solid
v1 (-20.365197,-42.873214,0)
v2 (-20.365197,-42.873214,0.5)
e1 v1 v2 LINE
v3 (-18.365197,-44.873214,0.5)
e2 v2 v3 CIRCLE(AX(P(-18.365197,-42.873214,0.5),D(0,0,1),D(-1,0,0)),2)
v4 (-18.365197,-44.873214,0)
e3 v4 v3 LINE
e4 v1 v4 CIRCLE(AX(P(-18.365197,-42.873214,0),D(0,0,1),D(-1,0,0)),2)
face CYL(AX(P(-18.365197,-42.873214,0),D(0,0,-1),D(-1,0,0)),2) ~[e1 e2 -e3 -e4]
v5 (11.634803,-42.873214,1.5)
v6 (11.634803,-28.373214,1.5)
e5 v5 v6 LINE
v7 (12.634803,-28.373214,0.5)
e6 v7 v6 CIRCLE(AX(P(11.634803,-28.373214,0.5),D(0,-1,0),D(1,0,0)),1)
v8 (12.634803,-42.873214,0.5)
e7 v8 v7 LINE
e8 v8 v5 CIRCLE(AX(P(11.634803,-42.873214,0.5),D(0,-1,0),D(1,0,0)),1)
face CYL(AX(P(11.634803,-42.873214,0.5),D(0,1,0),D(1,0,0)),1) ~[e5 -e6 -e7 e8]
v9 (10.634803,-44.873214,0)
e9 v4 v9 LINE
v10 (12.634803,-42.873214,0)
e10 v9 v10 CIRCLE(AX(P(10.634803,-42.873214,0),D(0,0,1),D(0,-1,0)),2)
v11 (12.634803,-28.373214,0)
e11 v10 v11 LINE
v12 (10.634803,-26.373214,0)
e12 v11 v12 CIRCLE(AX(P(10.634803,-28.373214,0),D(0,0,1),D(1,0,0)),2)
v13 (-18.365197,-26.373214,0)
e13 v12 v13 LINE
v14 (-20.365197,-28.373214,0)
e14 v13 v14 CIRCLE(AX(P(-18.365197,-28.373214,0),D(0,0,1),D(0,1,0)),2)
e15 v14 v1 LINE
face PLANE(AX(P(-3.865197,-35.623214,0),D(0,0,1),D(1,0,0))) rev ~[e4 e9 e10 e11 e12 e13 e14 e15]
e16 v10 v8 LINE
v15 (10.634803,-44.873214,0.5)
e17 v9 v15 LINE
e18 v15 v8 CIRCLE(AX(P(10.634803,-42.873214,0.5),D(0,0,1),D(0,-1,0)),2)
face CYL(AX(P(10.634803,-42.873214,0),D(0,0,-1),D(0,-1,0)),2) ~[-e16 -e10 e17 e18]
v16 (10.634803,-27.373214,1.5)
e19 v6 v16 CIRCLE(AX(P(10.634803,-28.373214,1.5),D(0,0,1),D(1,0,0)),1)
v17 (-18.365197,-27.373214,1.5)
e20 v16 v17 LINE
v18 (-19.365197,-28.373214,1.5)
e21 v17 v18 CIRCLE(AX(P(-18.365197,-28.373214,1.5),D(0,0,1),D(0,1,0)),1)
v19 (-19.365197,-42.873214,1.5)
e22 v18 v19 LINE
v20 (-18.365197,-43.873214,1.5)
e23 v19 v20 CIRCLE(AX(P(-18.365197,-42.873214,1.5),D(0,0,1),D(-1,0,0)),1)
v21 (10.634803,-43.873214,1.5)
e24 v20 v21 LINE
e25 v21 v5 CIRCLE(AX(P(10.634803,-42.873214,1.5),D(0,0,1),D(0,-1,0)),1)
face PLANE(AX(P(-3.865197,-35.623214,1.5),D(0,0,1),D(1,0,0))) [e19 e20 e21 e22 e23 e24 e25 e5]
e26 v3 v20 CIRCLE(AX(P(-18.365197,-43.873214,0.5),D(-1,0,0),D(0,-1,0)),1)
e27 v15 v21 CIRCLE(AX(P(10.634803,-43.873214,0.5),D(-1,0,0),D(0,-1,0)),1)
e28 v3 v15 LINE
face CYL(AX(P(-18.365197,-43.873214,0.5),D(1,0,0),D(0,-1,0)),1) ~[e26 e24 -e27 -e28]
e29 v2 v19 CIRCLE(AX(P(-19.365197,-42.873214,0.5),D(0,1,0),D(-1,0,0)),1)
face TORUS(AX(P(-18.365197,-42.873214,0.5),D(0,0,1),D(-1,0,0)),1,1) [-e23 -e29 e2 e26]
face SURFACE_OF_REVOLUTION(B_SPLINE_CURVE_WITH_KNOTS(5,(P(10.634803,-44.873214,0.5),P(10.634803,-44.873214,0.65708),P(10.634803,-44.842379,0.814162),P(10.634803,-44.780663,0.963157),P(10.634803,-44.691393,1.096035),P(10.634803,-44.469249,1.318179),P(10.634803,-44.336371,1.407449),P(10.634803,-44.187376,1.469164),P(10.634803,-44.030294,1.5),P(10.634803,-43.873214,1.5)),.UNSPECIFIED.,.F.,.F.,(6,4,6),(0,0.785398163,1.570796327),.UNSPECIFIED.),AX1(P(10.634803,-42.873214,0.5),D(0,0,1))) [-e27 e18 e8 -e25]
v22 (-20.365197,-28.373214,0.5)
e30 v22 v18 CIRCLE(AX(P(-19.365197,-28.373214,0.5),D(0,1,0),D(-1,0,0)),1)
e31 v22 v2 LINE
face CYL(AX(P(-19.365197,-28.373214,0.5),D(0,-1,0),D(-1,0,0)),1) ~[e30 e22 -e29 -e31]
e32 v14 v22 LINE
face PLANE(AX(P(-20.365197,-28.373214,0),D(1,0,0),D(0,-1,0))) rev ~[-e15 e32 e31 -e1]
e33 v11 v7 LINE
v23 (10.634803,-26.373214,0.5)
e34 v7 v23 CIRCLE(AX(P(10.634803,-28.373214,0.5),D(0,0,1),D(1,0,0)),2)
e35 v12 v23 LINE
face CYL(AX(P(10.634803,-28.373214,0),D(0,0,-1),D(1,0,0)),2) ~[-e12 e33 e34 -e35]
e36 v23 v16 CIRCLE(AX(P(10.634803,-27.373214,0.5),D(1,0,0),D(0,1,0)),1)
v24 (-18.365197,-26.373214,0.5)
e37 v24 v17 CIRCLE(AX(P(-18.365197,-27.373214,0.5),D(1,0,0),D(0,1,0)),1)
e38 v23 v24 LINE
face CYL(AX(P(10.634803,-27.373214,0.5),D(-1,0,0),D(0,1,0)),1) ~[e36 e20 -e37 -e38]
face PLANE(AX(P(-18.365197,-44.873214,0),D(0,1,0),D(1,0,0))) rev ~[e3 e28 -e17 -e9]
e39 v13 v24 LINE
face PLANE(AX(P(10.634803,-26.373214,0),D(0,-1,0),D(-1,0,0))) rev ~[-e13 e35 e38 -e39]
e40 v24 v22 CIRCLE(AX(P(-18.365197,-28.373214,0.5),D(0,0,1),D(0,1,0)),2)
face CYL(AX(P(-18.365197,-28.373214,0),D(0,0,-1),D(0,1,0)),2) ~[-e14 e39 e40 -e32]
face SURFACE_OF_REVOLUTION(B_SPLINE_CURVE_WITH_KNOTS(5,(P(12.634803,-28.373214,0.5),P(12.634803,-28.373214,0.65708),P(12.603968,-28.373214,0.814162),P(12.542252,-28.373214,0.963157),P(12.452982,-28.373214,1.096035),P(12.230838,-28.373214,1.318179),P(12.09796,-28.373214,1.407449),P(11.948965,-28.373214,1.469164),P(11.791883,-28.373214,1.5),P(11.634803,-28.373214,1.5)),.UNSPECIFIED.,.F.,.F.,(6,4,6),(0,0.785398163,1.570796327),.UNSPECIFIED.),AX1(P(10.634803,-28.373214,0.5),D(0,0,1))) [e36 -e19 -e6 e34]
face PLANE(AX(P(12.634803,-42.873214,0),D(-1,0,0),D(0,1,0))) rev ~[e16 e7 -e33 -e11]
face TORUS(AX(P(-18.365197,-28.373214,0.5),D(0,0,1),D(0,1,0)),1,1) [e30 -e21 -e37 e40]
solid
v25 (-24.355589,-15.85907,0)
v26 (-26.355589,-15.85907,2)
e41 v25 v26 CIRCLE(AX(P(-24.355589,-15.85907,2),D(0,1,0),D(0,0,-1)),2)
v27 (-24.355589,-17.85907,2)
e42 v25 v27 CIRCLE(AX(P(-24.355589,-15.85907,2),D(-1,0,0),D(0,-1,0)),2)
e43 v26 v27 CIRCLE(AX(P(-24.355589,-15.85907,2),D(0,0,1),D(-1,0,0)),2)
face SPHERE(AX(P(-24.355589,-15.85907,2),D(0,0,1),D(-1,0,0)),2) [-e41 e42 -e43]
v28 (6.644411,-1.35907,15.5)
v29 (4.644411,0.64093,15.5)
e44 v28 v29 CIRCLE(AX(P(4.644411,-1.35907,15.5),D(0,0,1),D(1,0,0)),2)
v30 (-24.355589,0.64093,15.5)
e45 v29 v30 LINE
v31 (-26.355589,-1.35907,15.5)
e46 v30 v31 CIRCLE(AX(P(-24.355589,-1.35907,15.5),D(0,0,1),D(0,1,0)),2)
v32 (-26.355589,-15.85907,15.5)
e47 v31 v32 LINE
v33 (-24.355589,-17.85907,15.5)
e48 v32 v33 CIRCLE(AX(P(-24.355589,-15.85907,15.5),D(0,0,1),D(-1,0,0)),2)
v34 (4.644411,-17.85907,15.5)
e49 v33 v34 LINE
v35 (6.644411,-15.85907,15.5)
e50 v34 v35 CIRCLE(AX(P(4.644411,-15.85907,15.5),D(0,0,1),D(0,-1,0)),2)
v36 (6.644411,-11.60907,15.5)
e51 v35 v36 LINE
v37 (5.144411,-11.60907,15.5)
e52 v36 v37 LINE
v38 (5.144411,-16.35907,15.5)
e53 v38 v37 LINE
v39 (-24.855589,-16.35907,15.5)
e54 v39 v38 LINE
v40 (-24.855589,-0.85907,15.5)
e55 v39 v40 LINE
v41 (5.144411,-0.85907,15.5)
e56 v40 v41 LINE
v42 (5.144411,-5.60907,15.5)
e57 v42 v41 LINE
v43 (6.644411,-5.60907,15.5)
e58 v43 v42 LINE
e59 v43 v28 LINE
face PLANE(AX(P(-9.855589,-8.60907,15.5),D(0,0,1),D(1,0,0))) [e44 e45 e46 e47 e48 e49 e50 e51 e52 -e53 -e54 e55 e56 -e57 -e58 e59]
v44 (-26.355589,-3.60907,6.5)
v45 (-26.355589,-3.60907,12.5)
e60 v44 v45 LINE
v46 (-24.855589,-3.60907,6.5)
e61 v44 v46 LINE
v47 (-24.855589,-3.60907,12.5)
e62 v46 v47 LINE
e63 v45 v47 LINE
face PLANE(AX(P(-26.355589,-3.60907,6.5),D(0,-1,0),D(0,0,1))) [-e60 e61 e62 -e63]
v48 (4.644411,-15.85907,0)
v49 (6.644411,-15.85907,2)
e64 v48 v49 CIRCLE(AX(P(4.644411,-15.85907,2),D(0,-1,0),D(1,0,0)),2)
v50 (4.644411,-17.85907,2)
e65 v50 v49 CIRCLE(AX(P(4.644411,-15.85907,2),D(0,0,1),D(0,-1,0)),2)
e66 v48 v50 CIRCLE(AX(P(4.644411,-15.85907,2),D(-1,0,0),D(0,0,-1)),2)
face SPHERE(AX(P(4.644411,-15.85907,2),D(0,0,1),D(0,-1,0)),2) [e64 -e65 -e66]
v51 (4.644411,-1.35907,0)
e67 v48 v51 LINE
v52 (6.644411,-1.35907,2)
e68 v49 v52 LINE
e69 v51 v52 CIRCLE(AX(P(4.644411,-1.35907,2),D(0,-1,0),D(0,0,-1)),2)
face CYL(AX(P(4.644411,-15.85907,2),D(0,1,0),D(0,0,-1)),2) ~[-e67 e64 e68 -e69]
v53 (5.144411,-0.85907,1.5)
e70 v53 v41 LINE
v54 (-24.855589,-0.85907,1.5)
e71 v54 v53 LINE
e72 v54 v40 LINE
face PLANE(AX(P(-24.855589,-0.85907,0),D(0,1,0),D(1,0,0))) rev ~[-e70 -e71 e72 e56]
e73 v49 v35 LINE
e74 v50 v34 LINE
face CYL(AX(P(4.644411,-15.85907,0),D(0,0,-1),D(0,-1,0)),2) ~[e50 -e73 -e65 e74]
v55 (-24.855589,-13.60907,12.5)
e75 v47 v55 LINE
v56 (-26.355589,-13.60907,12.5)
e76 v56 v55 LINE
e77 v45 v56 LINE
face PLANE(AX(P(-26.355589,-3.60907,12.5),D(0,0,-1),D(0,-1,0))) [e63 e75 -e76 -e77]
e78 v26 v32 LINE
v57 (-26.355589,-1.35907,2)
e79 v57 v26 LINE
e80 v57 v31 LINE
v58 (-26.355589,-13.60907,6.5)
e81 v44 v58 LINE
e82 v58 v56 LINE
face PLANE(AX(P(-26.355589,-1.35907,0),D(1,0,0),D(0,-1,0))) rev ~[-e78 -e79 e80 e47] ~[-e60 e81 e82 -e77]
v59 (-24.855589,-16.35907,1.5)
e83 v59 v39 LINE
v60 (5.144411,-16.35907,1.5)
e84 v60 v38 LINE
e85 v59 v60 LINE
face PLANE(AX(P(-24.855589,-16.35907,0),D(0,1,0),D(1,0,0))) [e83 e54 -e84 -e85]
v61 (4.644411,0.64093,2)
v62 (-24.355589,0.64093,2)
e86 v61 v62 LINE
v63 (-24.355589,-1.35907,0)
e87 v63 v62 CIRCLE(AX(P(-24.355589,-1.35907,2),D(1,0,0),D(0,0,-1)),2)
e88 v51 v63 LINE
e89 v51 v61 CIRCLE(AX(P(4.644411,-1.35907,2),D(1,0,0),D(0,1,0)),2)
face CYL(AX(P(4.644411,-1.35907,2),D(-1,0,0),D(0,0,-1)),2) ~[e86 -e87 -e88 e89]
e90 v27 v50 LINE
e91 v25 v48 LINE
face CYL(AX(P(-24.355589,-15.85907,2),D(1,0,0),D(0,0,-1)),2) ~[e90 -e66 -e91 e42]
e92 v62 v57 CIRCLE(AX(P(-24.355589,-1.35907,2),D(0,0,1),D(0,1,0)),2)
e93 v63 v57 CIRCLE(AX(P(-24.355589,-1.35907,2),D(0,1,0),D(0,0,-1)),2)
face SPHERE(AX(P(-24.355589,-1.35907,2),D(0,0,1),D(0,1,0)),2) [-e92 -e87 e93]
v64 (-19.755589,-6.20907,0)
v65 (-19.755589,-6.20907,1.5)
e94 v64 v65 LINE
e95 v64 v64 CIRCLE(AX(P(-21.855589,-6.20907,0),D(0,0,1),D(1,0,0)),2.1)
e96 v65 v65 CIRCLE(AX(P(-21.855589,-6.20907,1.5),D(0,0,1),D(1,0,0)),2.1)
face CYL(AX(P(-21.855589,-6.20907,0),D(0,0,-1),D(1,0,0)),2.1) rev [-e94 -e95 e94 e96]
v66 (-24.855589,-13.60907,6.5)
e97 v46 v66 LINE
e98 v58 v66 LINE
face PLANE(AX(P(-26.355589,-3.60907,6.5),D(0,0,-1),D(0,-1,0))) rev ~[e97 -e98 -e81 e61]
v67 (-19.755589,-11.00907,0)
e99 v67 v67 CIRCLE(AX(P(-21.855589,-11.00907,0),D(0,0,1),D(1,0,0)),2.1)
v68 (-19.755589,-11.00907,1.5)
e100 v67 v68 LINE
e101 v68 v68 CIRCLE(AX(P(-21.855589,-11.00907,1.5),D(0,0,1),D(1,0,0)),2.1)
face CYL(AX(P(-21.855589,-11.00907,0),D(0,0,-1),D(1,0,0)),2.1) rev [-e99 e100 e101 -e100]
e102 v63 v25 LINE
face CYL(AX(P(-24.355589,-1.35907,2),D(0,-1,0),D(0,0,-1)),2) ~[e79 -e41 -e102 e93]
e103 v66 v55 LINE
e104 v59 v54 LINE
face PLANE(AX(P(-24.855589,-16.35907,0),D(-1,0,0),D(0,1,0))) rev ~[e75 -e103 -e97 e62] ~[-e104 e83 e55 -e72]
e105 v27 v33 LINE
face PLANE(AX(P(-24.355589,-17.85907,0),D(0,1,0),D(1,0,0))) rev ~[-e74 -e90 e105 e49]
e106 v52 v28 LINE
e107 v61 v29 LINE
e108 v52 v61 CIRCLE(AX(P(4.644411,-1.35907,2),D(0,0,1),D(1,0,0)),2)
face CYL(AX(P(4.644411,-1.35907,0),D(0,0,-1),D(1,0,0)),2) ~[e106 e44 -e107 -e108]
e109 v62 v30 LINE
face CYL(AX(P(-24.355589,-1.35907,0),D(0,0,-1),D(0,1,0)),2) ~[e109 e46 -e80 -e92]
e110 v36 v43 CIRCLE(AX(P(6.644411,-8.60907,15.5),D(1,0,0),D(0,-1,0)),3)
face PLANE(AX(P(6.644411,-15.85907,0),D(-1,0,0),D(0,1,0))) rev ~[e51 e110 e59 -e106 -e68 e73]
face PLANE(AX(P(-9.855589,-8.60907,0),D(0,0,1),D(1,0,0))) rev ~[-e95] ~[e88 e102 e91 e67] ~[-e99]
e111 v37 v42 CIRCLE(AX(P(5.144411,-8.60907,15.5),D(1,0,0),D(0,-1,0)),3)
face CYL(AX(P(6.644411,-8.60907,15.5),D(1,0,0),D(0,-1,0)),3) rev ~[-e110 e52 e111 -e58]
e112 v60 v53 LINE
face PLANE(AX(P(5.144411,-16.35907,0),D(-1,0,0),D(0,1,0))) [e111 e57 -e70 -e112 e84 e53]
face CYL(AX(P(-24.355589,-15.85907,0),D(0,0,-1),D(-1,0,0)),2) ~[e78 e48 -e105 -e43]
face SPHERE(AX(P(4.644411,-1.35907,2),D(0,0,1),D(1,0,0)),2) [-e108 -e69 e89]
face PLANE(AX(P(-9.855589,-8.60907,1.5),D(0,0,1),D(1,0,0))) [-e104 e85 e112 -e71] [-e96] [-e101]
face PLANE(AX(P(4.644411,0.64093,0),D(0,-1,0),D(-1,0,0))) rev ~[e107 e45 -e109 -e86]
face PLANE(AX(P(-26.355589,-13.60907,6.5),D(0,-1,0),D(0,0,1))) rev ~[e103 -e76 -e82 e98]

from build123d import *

# Parameters (mm, degrees)
F0_W      = 30
F0_H      = 15.5
F1_DEPTH  = 15.5
F0_R      = 2.1
F2_DEPTH  = 1.5
F3_W      = 10
F3_H      = 6
F4_DEPTH  = 2
F6_DEPTH  = 1.5
F7_R      = 1
F8_R      = 2
F10_DEPTH = 2


with BuildPart() as f1:
    # F0 (on Top) → F1 (new body)
    with BuildSketch(Plane.XY):
        with BuildLine():
            Line((-26.3555888087, -1.3590702893), (-26.3555888087, -15.8590702893))
            ThreePointArc((-26.3555888087, -15.8590702893), (-25.769802371, -17.2732838517), (-24.3555888087, -17.8590702893))
            Line((-24.3555888087, -17.8590702893), (4.6444111913, -17.8590702893))
            ThreePointArc((4.6444111913, -17.8590702893), (6.0586247537, -17.2732838517), (6.6444111913, -15.8590702893))
            Line((6.6444111913, -15.8590702893), (6.6444111913, -1.3590702893))
            ThreePointArc((6.6444111913, -1.3590702893), (6.0586247537, 0.0551432731), (4.6444111913, 0.6409297107))
            Line((4.6444111913, 0.6409297107), (-24.3555888087, 0.6409297107))
            ThreePointArc((-24.3555888087, 0.6409297107), (-25.769802371, 0.0551432731), (-26.3555888087, -1.3590702893))
        make_face()
        with Locations((-9.8555888087, -8.6090702893)):
            Rectangle(F0_W, F0_H, mode=Mode.SUBTRACT)
    extrude(amount=F1_DEPTH)

    # F0 (on Top) → F2 (join)
    with BuildSketch(Plane.XY):
        with Locations((-9.8555888087, -8.6090702893)):
            Rectangle(F0_W, F0_H)
        with Locations((-21.8555888087, -11.0090702893)):
            Circle(F0_R, mode=Mode.SUBTRACT)
        with Locations((-21.8555888087, -6.2090702893)):
            Circle(F0_R, mode=Mode.SUBTRACT)
    extrude(amount=F2_DEPTH)

    # F3 (on face) → F4 (cut)
    with BuildSketch(Plane(origin=(-26.3555888087, 0, 0), x_dir=(0, -1, 0), z_dir=(-1, 0, 0))):
        with Locations((8.6090702893, 9.5)):
            Rectangle(F3_W, F3_H)
    extrude(amount=-F4_DEPTH, mode=Mode.SUBTRACT)

    # F8
    f8_edges = [f1.edges().sort_by_distance(p)[0] for p in [
        (-26.355589, -8.60907, 0),
        (-9.855589, 0.64093, 0),
        (6.644411, -8.60907, 0),
        (-9.855589, -17.85907, 0),
        (6.058625, -17.273284, 0),
        (6.058625, 0.055143, 0),
        (-25.769802, 0.055143, 0),
        (-25.769802, -17.273284, 0),
    ]]
    fillet(f8_edges, radius=F8_R)

    # F9 (on face) → F10 (cut)
    with BuildSketch(Plane.YZ.offset(6.6444111913)):
        with BuildLine():
            ThreePointArc((-11.6090702893, 15.5), (-8.6090702893, 12.5), (-5.6090702893, 15.5))
            Line((-5.6090702893, 15.5), (-11.6090702893, 15.5))
        make_face()
    extrude(amount=-F10_DEPTH, mode=Mode.SUBTRACT)


with BuildPart() as f6:
    # F5 (on Top) → F6 (new body)
    with BuildSketch(Plane.XY):
        with BuildLine():
            Line((10.6348033845, -26.3732144807), (-18.3651966155, -26.3732144807))
            ThreePointArc((-18.3651966155, -26.3732144807), (-19.7794101778, -26.9590009183), (-20.3651966155, -28.3732144807))
            Line((-20.3651966155, -28.3732144807), (-20.3651966155, -42.8732144807))
            ThreePointArc((-20.3651966155, -42.8732144807), (-19.7794101778, -44.2874280431), (-18.3651966155, -44.8732144807))
            Line((-18.3651966155, -44.8732144807), (10.6348033845, -44.8732144807))
            ThreePointArc((10.6348033845, -44.8732144807), (12.0490169469, -44.2874280431), (12.6348033845, -42.8732144807))
            Line((12.6348033845, -42.8732144807), (12.6348033845, -28.3732144807))
            ThreePointArc((12.6348033845, -28.3732144807), (12.0490169469, -26.9590009183), (10.6348033845, -26.3732144807))
        make_face()
    extrude(amount=F6_DEPTH)

    # F7
    f7_edges = [f6.edges().sort_by_distance(p)[0] for p in [
        (-3.865197, -44.873214, 1.5),
    ]]
    fillet(f7_edges, radius=F7_R)


solid = Compound([f1.part, f6.part])
